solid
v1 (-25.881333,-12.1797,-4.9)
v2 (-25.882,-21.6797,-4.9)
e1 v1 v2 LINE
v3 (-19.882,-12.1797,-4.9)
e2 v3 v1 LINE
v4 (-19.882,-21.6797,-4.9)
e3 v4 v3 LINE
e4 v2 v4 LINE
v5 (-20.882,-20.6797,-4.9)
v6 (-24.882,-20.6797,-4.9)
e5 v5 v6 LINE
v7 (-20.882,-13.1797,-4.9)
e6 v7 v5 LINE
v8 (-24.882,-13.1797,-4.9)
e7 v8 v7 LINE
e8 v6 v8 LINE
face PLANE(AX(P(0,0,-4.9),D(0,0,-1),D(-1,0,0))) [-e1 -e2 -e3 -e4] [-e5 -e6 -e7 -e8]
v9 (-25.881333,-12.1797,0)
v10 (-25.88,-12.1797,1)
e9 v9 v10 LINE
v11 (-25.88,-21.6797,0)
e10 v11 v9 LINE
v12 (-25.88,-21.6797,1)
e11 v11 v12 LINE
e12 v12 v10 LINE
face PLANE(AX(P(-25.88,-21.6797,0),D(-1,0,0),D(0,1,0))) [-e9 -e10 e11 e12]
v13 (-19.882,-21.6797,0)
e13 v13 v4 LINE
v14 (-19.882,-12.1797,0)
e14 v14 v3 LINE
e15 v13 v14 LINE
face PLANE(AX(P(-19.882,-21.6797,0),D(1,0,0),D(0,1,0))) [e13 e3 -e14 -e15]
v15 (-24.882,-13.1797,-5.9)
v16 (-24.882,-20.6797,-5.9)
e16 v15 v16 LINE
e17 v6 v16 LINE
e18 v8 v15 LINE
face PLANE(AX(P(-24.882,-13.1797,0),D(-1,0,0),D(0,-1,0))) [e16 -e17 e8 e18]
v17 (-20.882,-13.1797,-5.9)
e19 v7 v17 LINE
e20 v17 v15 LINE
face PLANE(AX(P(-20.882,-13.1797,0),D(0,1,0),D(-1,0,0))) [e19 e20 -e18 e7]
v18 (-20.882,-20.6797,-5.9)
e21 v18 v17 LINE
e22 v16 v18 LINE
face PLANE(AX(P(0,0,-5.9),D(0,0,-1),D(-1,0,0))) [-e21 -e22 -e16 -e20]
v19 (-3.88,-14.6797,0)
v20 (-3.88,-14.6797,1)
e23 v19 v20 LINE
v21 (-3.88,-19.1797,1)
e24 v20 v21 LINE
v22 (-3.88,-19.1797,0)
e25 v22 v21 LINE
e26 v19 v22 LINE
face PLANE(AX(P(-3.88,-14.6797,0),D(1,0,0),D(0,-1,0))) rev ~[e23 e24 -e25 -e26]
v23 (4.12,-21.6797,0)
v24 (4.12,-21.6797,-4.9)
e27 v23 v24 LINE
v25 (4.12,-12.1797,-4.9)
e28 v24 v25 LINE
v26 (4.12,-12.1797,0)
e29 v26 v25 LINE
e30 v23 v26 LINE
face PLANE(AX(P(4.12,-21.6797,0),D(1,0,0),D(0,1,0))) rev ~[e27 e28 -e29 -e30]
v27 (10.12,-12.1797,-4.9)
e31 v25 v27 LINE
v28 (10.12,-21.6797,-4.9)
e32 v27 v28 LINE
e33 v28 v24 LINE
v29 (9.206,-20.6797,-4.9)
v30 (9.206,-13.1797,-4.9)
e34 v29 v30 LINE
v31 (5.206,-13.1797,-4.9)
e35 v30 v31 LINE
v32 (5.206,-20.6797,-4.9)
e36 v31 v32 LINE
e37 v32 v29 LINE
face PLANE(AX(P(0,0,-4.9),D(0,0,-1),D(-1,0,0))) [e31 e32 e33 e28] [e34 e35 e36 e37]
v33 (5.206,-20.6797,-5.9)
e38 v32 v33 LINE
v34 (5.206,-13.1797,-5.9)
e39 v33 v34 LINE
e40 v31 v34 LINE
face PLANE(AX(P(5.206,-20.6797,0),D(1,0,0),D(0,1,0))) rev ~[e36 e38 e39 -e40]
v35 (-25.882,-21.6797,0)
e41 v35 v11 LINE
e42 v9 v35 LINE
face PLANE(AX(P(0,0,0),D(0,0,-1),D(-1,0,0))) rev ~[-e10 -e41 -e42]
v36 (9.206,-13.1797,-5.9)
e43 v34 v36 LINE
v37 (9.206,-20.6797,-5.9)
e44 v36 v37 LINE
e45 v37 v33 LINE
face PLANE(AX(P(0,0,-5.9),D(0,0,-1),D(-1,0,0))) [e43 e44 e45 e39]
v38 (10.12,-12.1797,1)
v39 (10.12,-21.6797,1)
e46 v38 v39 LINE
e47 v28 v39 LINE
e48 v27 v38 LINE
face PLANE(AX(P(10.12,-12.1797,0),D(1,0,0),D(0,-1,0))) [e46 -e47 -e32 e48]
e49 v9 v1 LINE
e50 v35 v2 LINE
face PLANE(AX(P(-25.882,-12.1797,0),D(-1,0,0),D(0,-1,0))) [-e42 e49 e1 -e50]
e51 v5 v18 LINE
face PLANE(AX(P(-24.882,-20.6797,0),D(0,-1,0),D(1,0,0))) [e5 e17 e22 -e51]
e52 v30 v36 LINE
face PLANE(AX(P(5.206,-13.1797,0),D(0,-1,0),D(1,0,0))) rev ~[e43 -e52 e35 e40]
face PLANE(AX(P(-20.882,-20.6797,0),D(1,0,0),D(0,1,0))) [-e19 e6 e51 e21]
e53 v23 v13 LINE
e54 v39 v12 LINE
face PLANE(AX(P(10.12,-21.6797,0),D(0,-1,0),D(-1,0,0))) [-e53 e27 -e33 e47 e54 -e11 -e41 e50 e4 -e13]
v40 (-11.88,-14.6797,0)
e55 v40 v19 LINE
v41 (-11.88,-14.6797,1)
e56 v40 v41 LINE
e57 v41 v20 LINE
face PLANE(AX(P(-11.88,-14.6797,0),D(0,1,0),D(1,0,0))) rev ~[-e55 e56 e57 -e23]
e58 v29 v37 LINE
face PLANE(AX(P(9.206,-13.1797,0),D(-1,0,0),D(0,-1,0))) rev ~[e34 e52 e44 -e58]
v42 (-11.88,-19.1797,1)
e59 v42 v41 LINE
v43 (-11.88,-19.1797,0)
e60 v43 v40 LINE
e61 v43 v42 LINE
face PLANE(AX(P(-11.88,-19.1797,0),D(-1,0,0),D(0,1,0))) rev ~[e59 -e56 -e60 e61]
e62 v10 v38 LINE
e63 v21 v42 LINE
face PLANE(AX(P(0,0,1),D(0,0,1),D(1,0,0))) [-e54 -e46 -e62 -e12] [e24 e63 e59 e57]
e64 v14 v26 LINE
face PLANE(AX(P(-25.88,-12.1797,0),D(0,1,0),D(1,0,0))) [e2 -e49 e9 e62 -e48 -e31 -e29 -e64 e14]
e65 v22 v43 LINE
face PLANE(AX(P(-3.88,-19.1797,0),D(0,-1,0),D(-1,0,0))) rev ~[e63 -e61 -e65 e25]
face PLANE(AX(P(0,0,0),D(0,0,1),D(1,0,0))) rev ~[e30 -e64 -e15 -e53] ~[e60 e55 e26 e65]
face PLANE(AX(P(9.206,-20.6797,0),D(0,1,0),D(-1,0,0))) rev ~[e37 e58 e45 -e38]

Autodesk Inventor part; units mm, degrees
ref_plane "YZ Plane" through (0, 0, 0) normal (1, 0, 0) x (0, 1, 0)
ref_plane "XZ Plane" through (0, 0, 0) normal (0, 1, 0) x (-1, 0, 0)
ref_plane "XY Plane" through (0, 0, 0) normal (0, 0, 1) x (1, 0, 0)
sketch "Sketch1" plane through (0, 0, 0) normal (0, 0, 1) x (1, 0, 0)
  line L0 (10.12, -21.6797) -> (-25.88, -21.6797)
  line L1 (-25.88, -21.6797) -> (-25.88, -12.1797)
  line L2 (-25.88, -12.1797) -> (10.12, -12.1797)
  line L3 (10.12, -12.1797) -> (10.12, -21.6797)
  line L4 (-3.88, -19.1797) -> (-11.88, -19.1797)
  line L5 (-11.88, -19.1797) -> (-11.88, -14.6797)
  line L6 (-11.88, -14.6797) -> (-3.88, -14.6797)
  line L7 (-3.88, -14.6797) -> (-3.88, -19.1797)
  line L8 (-20.9351, -12.1797) -> (-26.9351, -12.1797) construction
  point P0 (0, 0)
  point P1 (-7.88, -16.9297)
  dimension "d3" = 36
  dimension "d5" = 9.5
  dimension "d6" = 18
  dimension "d7" = 4.75
  dimension "d8" = 8
  dimension "d9" = 4.5
  dimension "d10" = 2.25
  dimension "d11" = 4
extrude "SUPPORT TABLE" add sketch "Sketch1" along normal blind 1
sketch "Sketch2" plane through (0, 0, 0) normal (0, 0, -1) x (-1, 0, 0)
  line L0 (21.9351, -13.1797) -> (21.9351, -20.6797) construction
  line L1 (21.9351, -20.6797) -> (25.9351, -20.6797) construction
  line L2 (25.9351, -20.6797) -> (25.9351, -13.1797) construction
  line L3 (25.9351, -13.1576) -> (21.9351, -13.1576) construction
  line L4 (7.838, -23.7532) -> (7.838, -10.1502) construction
  line L5 (19.882, -21.6797) -> (19.882, -12.1797)
  line L6 (19.882, -12.1797) -> (25.882, -12.1797)
  line L7 (25.882, -12.1797) -> (25.882, -21.6797)
  line L8 (25.882, -21.6797) -> (19.882, -21.6797)
  line L9 (-5.118, -13.1797) -> (-5.118, -20.6797) construction
  line L10 (-5.118, -20.6797) -> (-9.118, -20.6797) construction
  line L11 (-9.118, -20.6797) -> (-9.118, -13.1797) construction
  line L12 (-9.118, -13.1797) -> (-5.118, -13.1797) construction
  line L13 (-4.12, -21.6797) -> (-4.12, -12.1797)
  line L14 (-4.12, -12.1797) -> (-10.12, -12.1797)
  line L15 (-10.12, -12.1797) -> (-10.12, -21.6797)
  line L16 (-10.12, -21.6797) -> (-4.12, -21.6797)
  line L17 (25.88, -21.6797) -> (25.88, -12.1797) construction
  line L18 (25.88, -12.1797) -> (-10.12, -12.1797) projected
  point P0 (0, 0)
extrude "LEGS" add sketch "Sketch2" along normal blind 4.9
sketch "Sketch3" plane through (0, 0, 0) normal (0, 0, -1) x (-1, 0, 0)
  line L0 (25.882, -21.6797) -> (25.882, -12.1797) construction
  line L1 (19.882, -21.6797) -> (25.882, -21.6797) construction
  line L2 (19.882, -12.1797) -> (19.882, -21.6797) construction
  line L3 (19.882, -12.1797) -> (19.882, -21.6797) construction
  line L4 (19.882, -21.6797) -> (25.882, -21.6797) construction
  line L5 (25.882, -21.6797) -> (25.882, -12.1797) construction
  line L6 (25.882, -12.1797) -> (19.882, -12.1797) construction
  line L7 (-4.12, -12.1797) -> (-10.12, -12.1797) construction
  line L8 (-10.12, -12.1797) -> (-10.12, -21.6797) construction
  line L9 (-10.12, -21.6797) -> (-4.12, -21.6797) construction
  line L10 (-4.12, -21.6797) -> (-4.12, -12.1797) construction
  line L11 (24.882, -20.6797) -> (20.882, -20.6797)
  line L12 (20.882, -20.6797) -> (20.882, -13.1797)
  line L13 (20.882, -13.1797) -> (24.882, -13.1797)
  line L14 (24.882, -13.1797) -> (24.882, -20.6797)
  line L15 (7.838, -20.9409) -> (7.838, -12.9184) construction
  line L16 (-9.206, -20.6797) -> (-5.206, -20.6797)
  line L17 (-5.206, -20.6797) -> (-5.206, -13.1797)
  line L18 (-5.206, -13.1797) -> (-9.206, -13.1797)
  line L19 (-9.206, -13.1797) -> (-9.206, -20.6797)
  point P0 (0, 0)
  point P1 (7.838, -16.9297)
  point P2 (7.838, -16.9297)
  dimension "d24" = 1
  dimension "d25" = 1
  dimension "d26" = 1
  dimension "d27" = 1
extrude "PINS FOR LINEUP" add sketch "Sketch3" along normal blind 5.9
equation "\"d10\" = 0.5 * d9"
equation "\"d11\" = 0.5 * d8"
properties part number "InternalSupportBracket"
